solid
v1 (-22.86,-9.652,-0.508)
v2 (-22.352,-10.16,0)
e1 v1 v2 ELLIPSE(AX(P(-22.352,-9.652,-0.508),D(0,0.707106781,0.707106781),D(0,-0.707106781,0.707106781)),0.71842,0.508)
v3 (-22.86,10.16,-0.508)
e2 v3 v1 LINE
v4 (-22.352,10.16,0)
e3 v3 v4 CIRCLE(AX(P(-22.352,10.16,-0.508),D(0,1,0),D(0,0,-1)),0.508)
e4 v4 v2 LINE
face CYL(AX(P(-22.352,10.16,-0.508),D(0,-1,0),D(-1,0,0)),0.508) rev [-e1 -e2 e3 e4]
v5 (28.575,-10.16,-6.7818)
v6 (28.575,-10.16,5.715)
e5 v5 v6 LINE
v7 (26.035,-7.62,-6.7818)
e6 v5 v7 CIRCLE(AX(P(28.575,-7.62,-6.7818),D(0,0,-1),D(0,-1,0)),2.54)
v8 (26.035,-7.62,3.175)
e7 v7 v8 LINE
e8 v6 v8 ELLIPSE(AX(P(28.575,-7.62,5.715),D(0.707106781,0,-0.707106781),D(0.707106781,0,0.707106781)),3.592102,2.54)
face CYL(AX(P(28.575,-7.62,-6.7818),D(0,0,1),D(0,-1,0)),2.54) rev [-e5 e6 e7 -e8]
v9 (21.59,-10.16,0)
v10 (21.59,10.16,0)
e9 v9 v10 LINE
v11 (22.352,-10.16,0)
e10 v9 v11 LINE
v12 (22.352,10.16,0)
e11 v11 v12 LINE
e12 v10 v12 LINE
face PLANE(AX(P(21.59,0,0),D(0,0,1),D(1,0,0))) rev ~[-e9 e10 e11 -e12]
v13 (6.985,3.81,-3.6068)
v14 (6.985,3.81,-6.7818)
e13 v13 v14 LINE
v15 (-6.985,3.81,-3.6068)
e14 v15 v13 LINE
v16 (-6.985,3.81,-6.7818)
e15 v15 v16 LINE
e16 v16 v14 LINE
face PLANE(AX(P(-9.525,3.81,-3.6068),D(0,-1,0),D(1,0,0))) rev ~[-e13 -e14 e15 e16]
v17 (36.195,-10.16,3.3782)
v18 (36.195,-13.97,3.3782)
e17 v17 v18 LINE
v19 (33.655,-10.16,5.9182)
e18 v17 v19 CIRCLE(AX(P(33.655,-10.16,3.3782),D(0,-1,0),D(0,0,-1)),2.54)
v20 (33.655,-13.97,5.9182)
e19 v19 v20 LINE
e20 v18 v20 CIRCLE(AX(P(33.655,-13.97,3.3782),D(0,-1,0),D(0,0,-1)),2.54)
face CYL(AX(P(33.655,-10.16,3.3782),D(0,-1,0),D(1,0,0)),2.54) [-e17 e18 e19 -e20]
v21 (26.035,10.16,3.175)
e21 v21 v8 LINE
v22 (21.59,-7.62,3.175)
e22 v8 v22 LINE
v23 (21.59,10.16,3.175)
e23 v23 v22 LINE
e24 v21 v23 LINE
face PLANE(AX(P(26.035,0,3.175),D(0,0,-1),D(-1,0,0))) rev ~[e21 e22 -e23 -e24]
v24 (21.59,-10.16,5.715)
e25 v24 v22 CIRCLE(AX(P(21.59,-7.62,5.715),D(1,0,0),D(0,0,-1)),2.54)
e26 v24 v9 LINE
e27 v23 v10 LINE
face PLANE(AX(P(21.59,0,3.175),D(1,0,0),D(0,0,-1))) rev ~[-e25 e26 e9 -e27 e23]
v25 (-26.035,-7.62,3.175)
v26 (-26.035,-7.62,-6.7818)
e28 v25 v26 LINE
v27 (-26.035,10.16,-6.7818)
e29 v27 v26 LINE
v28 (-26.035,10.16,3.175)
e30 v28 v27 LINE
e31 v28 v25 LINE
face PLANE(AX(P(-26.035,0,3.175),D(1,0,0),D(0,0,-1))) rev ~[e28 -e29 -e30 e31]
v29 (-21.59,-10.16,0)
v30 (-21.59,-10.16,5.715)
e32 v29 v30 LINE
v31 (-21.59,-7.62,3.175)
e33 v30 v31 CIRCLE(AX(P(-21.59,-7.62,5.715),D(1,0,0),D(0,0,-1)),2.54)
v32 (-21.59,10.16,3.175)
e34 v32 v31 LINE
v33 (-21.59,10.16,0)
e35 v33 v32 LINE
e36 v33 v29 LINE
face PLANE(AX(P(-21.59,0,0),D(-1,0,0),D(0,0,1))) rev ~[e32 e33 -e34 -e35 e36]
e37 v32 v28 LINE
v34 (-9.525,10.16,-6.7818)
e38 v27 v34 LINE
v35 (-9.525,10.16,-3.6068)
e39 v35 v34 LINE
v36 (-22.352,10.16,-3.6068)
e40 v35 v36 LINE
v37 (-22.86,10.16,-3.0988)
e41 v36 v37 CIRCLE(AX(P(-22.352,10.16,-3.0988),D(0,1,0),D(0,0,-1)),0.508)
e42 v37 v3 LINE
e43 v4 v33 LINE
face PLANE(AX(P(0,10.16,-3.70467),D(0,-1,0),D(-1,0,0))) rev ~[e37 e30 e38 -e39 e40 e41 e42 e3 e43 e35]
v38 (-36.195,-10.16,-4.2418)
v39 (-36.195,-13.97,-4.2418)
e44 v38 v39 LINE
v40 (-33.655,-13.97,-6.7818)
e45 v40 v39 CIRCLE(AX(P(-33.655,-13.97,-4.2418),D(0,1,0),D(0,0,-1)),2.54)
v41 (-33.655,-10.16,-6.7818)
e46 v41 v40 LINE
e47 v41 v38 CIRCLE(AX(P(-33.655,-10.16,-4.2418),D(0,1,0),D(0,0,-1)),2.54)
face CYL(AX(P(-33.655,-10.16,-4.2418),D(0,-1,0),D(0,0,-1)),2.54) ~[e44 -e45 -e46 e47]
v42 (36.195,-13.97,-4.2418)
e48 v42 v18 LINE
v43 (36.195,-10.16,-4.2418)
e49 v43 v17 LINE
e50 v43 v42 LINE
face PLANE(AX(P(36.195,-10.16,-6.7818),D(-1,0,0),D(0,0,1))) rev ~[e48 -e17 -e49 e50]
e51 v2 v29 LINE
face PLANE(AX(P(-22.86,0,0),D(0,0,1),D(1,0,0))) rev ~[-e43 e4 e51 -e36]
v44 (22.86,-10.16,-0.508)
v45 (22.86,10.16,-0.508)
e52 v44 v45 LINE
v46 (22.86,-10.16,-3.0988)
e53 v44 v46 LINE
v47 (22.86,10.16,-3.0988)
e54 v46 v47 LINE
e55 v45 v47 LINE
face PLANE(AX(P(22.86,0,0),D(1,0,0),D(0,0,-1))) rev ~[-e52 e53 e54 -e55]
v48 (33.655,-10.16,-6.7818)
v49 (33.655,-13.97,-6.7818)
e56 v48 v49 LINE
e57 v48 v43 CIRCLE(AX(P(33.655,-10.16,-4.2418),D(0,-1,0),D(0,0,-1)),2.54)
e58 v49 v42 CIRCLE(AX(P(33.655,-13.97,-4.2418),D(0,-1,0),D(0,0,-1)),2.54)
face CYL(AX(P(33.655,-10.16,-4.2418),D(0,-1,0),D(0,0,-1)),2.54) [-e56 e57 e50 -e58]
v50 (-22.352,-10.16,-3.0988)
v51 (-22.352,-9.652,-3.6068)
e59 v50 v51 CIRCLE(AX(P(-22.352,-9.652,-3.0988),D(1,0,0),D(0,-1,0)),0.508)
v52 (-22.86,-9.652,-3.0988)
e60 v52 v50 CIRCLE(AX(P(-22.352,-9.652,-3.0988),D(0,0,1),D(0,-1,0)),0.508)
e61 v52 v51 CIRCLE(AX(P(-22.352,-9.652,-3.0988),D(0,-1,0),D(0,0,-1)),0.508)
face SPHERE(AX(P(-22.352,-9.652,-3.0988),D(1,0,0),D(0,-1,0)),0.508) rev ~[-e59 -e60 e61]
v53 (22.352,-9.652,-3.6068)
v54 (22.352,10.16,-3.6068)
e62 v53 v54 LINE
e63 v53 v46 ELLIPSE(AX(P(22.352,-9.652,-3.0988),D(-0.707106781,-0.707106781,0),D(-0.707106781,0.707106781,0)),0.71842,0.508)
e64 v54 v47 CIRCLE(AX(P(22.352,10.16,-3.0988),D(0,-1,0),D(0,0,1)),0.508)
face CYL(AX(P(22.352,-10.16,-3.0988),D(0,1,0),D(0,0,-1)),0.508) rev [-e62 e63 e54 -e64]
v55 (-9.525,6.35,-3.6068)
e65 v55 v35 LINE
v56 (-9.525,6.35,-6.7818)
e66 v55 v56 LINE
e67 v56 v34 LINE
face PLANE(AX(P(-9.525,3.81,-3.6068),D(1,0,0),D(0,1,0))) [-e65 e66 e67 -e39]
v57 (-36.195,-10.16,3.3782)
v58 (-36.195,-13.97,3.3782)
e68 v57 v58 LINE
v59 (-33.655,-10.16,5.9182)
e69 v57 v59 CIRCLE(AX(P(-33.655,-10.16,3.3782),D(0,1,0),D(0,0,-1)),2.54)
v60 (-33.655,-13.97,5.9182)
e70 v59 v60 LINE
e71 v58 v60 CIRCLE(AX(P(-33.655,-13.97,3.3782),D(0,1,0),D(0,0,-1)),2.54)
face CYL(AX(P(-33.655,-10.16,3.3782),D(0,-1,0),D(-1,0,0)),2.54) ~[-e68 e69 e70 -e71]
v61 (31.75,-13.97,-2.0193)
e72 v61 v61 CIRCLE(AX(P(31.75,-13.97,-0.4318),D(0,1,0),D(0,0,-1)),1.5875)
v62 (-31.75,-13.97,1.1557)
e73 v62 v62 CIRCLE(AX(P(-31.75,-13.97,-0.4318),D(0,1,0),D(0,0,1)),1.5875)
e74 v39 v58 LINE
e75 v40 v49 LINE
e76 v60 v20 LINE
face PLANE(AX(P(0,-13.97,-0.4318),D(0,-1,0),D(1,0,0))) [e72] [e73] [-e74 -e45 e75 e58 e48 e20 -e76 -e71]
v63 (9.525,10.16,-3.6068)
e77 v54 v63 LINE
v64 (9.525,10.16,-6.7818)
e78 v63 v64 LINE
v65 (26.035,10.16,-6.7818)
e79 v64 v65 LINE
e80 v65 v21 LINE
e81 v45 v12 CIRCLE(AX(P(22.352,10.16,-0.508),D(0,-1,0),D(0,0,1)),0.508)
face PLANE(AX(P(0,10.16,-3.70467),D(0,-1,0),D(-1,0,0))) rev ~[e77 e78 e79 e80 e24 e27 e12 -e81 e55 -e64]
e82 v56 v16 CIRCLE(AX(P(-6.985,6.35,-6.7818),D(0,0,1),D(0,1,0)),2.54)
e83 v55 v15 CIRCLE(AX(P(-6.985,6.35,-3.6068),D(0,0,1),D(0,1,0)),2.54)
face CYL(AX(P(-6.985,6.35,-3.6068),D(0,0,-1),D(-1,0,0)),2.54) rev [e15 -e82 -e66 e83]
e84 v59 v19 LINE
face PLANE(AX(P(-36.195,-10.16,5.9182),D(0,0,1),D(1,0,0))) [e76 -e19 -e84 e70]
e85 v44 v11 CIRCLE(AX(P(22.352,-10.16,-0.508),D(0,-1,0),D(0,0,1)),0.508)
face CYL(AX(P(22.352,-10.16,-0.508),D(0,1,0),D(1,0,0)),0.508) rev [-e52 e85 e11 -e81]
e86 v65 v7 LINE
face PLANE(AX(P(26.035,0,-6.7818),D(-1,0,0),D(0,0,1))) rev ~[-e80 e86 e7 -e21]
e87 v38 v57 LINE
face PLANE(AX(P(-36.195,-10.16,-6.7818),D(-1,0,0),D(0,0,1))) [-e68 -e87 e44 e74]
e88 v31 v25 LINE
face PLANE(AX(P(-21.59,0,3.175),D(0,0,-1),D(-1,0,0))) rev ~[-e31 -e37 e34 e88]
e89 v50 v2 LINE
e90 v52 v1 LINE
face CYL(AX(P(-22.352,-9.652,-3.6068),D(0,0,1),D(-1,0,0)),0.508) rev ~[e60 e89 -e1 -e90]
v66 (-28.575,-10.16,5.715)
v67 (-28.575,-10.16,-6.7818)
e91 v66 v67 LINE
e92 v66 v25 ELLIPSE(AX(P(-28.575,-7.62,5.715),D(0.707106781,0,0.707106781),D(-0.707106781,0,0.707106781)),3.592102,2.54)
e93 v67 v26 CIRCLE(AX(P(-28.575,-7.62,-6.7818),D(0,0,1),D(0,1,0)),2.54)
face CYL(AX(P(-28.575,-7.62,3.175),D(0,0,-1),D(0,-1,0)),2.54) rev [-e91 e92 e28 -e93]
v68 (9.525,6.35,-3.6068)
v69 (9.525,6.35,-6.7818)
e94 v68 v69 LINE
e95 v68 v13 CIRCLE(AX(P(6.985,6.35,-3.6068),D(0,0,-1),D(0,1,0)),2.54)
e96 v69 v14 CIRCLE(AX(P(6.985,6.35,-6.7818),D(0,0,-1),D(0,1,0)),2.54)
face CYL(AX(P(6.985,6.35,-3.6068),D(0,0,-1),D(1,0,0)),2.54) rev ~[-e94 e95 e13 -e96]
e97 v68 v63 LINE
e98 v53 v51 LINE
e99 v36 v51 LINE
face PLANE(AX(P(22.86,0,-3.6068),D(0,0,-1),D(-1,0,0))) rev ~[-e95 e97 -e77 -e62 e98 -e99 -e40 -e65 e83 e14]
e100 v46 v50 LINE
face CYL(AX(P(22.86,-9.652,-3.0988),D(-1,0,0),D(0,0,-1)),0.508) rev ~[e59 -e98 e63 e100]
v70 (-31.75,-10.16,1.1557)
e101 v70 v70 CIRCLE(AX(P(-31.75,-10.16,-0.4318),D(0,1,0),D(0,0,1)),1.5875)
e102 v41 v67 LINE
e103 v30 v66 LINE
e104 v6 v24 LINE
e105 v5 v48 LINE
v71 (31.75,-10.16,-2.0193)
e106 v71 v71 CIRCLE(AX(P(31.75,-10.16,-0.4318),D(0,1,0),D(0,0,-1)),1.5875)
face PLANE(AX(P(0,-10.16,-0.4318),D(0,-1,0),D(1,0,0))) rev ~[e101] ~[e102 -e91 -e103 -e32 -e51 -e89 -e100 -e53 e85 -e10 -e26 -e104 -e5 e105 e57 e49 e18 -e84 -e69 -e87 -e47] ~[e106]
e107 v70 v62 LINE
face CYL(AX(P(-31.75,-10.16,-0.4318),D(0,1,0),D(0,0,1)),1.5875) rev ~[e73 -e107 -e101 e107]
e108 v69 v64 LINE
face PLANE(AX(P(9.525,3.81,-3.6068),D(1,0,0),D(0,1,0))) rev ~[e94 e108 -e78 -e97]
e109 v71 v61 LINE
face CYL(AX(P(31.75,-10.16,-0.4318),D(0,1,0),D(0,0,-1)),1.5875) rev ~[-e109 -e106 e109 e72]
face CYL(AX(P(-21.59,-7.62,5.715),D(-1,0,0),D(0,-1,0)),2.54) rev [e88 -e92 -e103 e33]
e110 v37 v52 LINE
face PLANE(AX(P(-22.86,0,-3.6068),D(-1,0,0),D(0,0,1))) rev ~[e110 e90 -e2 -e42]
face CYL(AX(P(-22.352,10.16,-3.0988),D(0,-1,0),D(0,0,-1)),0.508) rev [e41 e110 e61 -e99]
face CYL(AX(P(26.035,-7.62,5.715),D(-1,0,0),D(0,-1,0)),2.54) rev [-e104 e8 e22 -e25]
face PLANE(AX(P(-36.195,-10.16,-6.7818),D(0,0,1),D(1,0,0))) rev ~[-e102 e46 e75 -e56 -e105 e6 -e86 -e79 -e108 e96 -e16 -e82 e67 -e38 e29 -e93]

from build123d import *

# Parameters (mm, degrees)
BOSS_EXTRUDE1_DEPTH = 10.16
SKETCH3_W           = 19.05
SKETCH3_H           = 6.35
CUT_EXTRUDE1_DEPTH  = 19.05
SKETCH4_W           = 72.39
SKETCH4_H           = 12.7
BOSS_EXTRUDE2_DEPTH = 3.81
SKETCH5_R           = 1.5875
CUT_EXTRUDE2_DEPTH  = 43.059163523
FILLET1_R           = 2.54
FILLET2_R           = 0.508
FILLET3_R           = 2.54
FILLET4_R           = 2.54


with BuildPart() as part:
    # Sketch2 → Boss-Extrude1 (new, symmetric)
    with BuildSketch(Plane(origin=(0, 0, 0), x_dir=(1, 0, 0), z_dir=(0, 1, 0))):
        Polygon((22.86, 3.6068), (-22.86, 3.6068), (-22.86, 0), (-21.59, 0), (-21.59, -3.175), (-26.035, -3.175), (-26.035, 6.7818), (26.035, 6.7818), (26.035, -3.175), (21.59, -3.175), (21.59, 0), (22.86, 0), align=None)
    extrude(amount=BOSS_EXTRUDE1_DEPTH, both=True)

    # Sketch3 → Cut-Extrude1 (cut)
    with BuildSketch(Plane.XY.offset(-3.6068)):
        with Locations((0, 6.985)):
            Rectangle(SKETCH3_W, SKETCH3_H)
    extrude(amount=-CUT_EXTRUDE1_DEPTH, mode=Mode.SUBTRACT)

    # Sketch4 → Boss-Extrude2 (add)
    with BuildSketch(Plane.XZ.offset(10.16)):
        with Locations((0, -0.4318)):
            Rectangle(SKETCH4_W, SKETCH4_H)
    extrude(amount=BOSS_EXTRUDE2_DEPTH)

    # Sketch5 → Cut-Extrude2 (cut, through all)
    with BuildSketch(Plane(origin=(0, -10.16, 0), x_dir=(1, 0, 0), z_dir=(0, 1, 0))):
        with Locations(Location((-31.75, 0.4318, 0), (0, 0, 270))):
            Circle(SKETCH5_R)
        with Locations(Location((31.75, 0.4318, 0), (0, 0, 90))):
            Circle(SKETCH5_R)
    extrude(amount=-CUT_EXTRUDE2_DEPTH, mode=Mode.SUBTRACT)

    # Fillet1
    fillet1_edges = [part.edges().sort_by_distance(p)[0] for p in [
        (-23.8125, -10.16, 3.175),
        (-26.035, -10.16, -1.8034),
        (26.035, -10.16, -1.8034),
        (23.8125, -10.16, 3.175),
    ]]
    fillet(fillet1_edges, radius=FILLET1_R)

    # Fillet2
    fillet2_edges = [part.edges().sort_by_distance(p)[0] for p in [
        (0, -10.16, -3.6068),
        (-22.86, -10.16, -1.8034),
        (-22.86, 0, 0),
        (22.86, 0, 0),
        (22.86, 0, -3.6068),
        (-22.86, 0, -3.6068),
    ]]
    fillet(fillet2_edges, radius=FILLET2_R)

    # Fillet3
    fillet3_edges = [part.edges().sort_by_distance(p)[0] for p in [
        (9.525, 3.81, -5.1943),
        (-9.525, 3.81, -5.1943),
    ]]
    fillet(fillet3_edges, radius=FILLET3_R)

    # Fillet4
    fillet4_edges = [part.edges().sort_by_distance(p)[0] for p in [
        (-36.195, -12.065, 5.9182),
        (-36.195, -12.065, -6.7818),
        (36.195, -12.065, -6.7818),
        (36.195, -12.065, 5.9182),
    ]]
    fillet(fillet4_edges, radius=FILLET4_R)


solid = part.part
